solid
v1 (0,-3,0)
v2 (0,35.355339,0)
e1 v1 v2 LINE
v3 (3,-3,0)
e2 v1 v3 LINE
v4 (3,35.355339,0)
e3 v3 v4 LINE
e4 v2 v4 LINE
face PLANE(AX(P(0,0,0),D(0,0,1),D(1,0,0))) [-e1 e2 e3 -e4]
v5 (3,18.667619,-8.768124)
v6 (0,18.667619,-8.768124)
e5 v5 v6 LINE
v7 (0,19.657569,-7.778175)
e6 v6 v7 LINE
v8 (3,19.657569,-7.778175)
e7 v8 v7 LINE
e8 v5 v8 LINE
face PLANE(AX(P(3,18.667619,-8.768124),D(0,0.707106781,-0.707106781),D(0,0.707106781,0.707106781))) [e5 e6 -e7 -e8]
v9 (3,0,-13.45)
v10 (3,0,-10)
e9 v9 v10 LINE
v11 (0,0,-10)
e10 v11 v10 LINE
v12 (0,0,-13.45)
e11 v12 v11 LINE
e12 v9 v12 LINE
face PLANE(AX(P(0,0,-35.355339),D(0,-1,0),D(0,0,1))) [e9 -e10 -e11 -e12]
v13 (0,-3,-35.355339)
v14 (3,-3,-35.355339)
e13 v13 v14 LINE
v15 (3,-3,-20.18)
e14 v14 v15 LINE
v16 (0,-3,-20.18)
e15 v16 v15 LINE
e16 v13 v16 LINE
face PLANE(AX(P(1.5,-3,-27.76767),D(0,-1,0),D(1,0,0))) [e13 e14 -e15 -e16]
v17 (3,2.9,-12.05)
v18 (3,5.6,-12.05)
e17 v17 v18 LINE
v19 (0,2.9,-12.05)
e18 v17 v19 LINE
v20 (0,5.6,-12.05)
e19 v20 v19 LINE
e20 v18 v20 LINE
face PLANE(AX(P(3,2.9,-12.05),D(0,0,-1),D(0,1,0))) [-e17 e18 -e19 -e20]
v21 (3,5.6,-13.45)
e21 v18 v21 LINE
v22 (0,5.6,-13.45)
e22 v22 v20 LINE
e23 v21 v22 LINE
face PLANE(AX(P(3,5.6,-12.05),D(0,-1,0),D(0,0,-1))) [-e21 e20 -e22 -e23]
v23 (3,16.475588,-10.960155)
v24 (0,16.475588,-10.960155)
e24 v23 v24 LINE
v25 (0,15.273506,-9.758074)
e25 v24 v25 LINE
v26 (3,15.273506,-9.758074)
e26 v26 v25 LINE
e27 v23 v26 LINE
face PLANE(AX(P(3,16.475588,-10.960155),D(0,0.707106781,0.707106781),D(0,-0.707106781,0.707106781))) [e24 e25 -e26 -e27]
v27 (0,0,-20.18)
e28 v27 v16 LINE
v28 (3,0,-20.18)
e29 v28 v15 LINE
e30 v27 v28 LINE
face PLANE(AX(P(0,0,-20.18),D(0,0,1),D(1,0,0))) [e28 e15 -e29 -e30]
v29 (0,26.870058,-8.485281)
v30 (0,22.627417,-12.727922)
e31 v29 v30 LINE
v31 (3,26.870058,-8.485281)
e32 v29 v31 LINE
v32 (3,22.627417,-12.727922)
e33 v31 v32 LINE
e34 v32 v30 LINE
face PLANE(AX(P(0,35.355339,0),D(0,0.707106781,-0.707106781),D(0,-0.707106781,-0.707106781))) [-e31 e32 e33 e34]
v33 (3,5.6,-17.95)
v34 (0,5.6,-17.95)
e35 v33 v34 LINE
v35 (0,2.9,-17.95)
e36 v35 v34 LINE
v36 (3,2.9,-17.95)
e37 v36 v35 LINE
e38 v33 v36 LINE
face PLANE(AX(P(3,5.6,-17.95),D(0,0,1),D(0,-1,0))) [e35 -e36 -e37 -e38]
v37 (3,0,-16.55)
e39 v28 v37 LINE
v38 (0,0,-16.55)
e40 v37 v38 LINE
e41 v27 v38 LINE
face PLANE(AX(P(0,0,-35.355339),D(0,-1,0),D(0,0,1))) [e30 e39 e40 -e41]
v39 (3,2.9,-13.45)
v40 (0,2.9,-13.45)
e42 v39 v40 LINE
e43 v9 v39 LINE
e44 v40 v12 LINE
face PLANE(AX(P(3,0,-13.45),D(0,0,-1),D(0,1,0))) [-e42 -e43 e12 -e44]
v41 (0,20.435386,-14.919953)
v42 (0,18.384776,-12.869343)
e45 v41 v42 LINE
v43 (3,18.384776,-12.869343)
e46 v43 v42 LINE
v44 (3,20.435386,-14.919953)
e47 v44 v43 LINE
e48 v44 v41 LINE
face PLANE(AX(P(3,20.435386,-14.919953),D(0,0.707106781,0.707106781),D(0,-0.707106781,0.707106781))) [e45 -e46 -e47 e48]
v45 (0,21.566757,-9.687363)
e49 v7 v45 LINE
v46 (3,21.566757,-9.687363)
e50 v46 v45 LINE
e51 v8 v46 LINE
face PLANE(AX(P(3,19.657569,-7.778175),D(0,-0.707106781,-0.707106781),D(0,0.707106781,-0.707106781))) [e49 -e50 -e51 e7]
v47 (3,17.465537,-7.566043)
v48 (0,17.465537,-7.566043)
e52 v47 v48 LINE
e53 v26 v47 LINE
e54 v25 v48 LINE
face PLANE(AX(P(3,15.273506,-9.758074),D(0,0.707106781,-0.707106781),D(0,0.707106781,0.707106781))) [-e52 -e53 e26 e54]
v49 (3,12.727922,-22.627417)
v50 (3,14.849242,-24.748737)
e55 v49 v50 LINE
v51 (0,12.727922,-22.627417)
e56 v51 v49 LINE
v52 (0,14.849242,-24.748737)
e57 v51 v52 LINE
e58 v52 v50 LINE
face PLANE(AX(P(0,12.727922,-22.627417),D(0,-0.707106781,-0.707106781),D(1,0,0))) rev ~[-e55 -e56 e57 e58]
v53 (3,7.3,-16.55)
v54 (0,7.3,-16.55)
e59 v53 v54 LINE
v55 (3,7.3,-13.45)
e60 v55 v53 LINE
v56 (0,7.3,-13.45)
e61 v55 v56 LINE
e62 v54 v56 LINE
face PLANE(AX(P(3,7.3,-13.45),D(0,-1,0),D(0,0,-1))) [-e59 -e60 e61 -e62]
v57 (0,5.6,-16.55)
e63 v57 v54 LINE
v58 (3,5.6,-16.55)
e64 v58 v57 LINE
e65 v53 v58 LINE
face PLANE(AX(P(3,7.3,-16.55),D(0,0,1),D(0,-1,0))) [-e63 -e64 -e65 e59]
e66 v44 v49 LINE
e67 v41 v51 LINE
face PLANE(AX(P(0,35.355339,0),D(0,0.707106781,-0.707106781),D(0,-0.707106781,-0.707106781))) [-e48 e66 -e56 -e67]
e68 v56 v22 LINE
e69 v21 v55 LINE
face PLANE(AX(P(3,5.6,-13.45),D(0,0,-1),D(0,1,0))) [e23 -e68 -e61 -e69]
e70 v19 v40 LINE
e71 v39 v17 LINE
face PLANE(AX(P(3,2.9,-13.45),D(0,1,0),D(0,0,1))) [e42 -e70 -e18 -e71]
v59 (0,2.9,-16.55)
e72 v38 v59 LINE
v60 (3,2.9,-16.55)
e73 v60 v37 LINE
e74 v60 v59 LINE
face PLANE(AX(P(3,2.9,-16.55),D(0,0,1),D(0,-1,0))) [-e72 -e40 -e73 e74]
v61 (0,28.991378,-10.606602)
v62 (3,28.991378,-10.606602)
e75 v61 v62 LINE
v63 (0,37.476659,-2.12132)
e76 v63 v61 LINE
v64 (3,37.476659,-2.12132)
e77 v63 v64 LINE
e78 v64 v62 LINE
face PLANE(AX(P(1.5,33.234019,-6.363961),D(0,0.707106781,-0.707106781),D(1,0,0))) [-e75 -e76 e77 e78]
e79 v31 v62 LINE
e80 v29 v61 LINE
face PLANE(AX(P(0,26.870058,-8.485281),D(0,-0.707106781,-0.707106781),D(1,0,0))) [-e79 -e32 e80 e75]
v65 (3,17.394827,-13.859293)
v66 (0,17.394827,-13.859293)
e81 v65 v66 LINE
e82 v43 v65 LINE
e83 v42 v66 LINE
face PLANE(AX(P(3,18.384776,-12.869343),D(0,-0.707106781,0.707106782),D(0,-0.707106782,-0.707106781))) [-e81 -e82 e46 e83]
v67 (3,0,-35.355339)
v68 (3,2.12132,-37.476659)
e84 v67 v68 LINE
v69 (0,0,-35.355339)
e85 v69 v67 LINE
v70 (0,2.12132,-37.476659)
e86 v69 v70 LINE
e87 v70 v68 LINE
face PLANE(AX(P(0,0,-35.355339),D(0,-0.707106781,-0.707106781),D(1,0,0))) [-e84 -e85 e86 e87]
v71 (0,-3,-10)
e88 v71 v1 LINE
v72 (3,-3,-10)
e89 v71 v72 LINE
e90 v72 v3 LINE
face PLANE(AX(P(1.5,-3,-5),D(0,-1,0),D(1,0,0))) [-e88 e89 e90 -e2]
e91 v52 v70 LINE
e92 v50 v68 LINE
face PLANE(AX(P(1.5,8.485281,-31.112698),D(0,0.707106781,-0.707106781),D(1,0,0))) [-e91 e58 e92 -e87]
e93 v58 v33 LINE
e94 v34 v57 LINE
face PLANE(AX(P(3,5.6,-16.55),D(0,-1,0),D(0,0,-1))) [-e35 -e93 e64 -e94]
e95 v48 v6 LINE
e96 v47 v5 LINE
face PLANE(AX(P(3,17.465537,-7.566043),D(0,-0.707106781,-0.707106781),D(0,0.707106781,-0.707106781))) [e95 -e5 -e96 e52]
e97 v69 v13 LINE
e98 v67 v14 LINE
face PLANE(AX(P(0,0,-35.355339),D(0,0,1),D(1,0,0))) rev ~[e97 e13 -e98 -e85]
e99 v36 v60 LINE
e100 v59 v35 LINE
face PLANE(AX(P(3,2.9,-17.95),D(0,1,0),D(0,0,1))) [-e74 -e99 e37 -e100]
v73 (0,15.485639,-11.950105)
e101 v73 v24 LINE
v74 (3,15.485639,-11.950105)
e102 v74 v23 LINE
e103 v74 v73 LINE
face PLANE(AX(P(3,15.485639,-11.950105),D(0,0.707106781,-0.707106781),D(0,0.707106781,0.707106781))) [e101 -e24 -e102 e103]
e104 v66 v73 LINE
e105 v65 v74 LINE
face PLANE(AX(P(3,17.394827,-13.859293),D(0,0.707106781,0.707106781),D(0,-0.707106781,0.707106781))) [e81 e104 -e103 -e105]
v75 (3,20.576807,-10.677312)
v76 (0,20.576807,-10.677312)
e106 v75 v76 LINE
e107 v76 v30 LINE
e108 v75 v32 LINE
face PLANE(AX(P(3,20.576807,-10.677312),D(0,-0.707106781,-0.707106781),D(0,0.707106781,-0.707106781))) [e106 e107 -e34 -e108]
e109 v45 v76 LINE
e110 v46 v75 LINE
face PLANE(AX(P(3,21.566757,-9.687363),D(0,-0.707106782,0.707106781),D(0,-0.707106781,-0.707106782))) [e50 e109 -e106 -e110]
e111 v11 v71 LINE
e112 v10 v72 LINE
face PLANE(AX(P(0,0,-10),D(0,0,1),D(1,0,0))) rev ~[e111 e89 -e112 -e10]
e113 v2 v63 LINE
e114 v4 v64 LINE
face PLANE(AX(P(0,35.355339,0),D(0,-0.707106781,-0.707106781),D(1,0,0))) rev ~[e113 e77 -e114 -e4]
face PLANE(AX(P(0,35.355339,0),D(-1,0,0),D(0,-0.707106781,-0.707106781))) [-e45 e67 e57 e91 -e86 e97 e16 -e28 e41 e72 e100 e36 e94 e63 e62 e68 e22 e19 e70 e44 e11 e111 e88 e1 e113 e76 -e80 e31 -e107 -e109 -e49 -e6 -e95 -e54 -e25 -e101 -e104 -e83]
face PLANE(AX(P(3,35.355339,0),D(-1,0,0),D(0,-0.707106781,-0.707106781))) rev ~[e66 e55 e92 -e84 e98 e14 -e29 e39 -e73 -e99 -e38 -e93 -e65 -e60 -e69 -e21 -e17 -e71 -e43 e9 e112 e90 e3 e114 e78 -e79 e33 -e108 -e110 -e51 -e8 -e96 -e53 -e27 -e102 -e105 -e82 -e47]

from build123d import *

# Parameters (mm, degrees)
BOSS_EXTRUDE1_DEPTH = 3
SKETCH4_W           = 3
SKETCH4_H           = 10
SKETCH4_H_2         = 15.175339059
BOSS_EXTRUDE3_DEPTH = 3
CUT_EXTRUDE1_DEPTH  = 10
SKETCH6_W           = 3
SKETCH6_H           = 12
SKETCH6_H_2         = 18
BOSS_EXTRUDE4_DEPTH = 3
CUT_EXTRUDE2_DEPTH  = 3


with BuildPart() as part:
    # Sketch2 → Boss-Extrude1 (new body)
    with BuildSketch(Plane(origin=(0, 0, 0), x_dir=(0, 0, -1), z_dir=(1, 0, 0))):
        Polygon((0, 0), (0, 35.355339059), (35.355339059, 0), align=None)
    extrude(amount=BOSS_EXTRUDE1_DEPTH)

    # Sketch4 → Boss-Extrude3 (add)
    with BuildSketch(Plane.XZ):
        with Locations((1.5, -5)):
            Rectangle(SKETCH4_W, SKETCH4_H)
        with Locations((1.5, -27.76766953)):
            Rectangle(SKETCH4_W, SKETCH4_H_2)
    extrude(amount=BOSS_EXTRUDE3_DEPTH)

    # Sketch5 → Cut-Extrude1 (cut)
    with BuildSketch(Plane(origin=(3, 0, 0), x_dir=(0, 0, -1), z_dir=(1, 0, 0))):
        Polygon((13.45, 0), (13.45, 2.9), (12.05, 2.9), (12.05, 5.6), (13.45, 5.6), (13.45, 7.3), (16.55, 7.3), (16.55, 5.6), (17.95, 5.6), (17.95, 2.9), (16.55, 2.9), (16.55, 0), align=None)
    extrude(amount=-CUT_EXTRUDE1_DEPTH, mode=Mode.SUBTRACT)

    # Sketch6 → Boss-Extrude4 (add)
    with BuildSketch(Plane(origin=(0, 17.67766953, -17.67766953), x_dir=(1, 0, 0), z_dir=(0, 0.7071067811865515, -0.7071067811865437))):
        with Locations((1.5, -19)):
            Rectangle(SKETCH6_W, SKETCH6_H)
        with Locations((1.5, 16)):
            Rectangle(SKETCH6_W, SKETCH6_H_2)
    extrude(amount=BOSS_EXTRUDE4_DEPTH)

    # Sketch7 → Cut-Extrude2 (cut)
    with BuildSketch(Plane(origin=(3, 0, 0), x_dir=(0, 0, -1), z_dir=(1, 0, 0))):
        Polygon((14.919953083, 20.435385976), (12.869343418, 18.384776311), (13.859292911, 17.394826817), (11.950104602, 15.485638508), (10.960155108, 16.475588002), (9.75807358, 15.273506474), (7.566042559, 17.465537495), (8.768124087, 18.667619023), (7.778174593, 19.657568517), (9.687362902, 21.566756826), (10.677312396, 20.576807333), (12.727922061, 22.627416998), align=None)
    extrude(amount=-CUT_EXTRUDE2_DEPTH, mode=Mode.SUBTRACT)


solid = part.part
